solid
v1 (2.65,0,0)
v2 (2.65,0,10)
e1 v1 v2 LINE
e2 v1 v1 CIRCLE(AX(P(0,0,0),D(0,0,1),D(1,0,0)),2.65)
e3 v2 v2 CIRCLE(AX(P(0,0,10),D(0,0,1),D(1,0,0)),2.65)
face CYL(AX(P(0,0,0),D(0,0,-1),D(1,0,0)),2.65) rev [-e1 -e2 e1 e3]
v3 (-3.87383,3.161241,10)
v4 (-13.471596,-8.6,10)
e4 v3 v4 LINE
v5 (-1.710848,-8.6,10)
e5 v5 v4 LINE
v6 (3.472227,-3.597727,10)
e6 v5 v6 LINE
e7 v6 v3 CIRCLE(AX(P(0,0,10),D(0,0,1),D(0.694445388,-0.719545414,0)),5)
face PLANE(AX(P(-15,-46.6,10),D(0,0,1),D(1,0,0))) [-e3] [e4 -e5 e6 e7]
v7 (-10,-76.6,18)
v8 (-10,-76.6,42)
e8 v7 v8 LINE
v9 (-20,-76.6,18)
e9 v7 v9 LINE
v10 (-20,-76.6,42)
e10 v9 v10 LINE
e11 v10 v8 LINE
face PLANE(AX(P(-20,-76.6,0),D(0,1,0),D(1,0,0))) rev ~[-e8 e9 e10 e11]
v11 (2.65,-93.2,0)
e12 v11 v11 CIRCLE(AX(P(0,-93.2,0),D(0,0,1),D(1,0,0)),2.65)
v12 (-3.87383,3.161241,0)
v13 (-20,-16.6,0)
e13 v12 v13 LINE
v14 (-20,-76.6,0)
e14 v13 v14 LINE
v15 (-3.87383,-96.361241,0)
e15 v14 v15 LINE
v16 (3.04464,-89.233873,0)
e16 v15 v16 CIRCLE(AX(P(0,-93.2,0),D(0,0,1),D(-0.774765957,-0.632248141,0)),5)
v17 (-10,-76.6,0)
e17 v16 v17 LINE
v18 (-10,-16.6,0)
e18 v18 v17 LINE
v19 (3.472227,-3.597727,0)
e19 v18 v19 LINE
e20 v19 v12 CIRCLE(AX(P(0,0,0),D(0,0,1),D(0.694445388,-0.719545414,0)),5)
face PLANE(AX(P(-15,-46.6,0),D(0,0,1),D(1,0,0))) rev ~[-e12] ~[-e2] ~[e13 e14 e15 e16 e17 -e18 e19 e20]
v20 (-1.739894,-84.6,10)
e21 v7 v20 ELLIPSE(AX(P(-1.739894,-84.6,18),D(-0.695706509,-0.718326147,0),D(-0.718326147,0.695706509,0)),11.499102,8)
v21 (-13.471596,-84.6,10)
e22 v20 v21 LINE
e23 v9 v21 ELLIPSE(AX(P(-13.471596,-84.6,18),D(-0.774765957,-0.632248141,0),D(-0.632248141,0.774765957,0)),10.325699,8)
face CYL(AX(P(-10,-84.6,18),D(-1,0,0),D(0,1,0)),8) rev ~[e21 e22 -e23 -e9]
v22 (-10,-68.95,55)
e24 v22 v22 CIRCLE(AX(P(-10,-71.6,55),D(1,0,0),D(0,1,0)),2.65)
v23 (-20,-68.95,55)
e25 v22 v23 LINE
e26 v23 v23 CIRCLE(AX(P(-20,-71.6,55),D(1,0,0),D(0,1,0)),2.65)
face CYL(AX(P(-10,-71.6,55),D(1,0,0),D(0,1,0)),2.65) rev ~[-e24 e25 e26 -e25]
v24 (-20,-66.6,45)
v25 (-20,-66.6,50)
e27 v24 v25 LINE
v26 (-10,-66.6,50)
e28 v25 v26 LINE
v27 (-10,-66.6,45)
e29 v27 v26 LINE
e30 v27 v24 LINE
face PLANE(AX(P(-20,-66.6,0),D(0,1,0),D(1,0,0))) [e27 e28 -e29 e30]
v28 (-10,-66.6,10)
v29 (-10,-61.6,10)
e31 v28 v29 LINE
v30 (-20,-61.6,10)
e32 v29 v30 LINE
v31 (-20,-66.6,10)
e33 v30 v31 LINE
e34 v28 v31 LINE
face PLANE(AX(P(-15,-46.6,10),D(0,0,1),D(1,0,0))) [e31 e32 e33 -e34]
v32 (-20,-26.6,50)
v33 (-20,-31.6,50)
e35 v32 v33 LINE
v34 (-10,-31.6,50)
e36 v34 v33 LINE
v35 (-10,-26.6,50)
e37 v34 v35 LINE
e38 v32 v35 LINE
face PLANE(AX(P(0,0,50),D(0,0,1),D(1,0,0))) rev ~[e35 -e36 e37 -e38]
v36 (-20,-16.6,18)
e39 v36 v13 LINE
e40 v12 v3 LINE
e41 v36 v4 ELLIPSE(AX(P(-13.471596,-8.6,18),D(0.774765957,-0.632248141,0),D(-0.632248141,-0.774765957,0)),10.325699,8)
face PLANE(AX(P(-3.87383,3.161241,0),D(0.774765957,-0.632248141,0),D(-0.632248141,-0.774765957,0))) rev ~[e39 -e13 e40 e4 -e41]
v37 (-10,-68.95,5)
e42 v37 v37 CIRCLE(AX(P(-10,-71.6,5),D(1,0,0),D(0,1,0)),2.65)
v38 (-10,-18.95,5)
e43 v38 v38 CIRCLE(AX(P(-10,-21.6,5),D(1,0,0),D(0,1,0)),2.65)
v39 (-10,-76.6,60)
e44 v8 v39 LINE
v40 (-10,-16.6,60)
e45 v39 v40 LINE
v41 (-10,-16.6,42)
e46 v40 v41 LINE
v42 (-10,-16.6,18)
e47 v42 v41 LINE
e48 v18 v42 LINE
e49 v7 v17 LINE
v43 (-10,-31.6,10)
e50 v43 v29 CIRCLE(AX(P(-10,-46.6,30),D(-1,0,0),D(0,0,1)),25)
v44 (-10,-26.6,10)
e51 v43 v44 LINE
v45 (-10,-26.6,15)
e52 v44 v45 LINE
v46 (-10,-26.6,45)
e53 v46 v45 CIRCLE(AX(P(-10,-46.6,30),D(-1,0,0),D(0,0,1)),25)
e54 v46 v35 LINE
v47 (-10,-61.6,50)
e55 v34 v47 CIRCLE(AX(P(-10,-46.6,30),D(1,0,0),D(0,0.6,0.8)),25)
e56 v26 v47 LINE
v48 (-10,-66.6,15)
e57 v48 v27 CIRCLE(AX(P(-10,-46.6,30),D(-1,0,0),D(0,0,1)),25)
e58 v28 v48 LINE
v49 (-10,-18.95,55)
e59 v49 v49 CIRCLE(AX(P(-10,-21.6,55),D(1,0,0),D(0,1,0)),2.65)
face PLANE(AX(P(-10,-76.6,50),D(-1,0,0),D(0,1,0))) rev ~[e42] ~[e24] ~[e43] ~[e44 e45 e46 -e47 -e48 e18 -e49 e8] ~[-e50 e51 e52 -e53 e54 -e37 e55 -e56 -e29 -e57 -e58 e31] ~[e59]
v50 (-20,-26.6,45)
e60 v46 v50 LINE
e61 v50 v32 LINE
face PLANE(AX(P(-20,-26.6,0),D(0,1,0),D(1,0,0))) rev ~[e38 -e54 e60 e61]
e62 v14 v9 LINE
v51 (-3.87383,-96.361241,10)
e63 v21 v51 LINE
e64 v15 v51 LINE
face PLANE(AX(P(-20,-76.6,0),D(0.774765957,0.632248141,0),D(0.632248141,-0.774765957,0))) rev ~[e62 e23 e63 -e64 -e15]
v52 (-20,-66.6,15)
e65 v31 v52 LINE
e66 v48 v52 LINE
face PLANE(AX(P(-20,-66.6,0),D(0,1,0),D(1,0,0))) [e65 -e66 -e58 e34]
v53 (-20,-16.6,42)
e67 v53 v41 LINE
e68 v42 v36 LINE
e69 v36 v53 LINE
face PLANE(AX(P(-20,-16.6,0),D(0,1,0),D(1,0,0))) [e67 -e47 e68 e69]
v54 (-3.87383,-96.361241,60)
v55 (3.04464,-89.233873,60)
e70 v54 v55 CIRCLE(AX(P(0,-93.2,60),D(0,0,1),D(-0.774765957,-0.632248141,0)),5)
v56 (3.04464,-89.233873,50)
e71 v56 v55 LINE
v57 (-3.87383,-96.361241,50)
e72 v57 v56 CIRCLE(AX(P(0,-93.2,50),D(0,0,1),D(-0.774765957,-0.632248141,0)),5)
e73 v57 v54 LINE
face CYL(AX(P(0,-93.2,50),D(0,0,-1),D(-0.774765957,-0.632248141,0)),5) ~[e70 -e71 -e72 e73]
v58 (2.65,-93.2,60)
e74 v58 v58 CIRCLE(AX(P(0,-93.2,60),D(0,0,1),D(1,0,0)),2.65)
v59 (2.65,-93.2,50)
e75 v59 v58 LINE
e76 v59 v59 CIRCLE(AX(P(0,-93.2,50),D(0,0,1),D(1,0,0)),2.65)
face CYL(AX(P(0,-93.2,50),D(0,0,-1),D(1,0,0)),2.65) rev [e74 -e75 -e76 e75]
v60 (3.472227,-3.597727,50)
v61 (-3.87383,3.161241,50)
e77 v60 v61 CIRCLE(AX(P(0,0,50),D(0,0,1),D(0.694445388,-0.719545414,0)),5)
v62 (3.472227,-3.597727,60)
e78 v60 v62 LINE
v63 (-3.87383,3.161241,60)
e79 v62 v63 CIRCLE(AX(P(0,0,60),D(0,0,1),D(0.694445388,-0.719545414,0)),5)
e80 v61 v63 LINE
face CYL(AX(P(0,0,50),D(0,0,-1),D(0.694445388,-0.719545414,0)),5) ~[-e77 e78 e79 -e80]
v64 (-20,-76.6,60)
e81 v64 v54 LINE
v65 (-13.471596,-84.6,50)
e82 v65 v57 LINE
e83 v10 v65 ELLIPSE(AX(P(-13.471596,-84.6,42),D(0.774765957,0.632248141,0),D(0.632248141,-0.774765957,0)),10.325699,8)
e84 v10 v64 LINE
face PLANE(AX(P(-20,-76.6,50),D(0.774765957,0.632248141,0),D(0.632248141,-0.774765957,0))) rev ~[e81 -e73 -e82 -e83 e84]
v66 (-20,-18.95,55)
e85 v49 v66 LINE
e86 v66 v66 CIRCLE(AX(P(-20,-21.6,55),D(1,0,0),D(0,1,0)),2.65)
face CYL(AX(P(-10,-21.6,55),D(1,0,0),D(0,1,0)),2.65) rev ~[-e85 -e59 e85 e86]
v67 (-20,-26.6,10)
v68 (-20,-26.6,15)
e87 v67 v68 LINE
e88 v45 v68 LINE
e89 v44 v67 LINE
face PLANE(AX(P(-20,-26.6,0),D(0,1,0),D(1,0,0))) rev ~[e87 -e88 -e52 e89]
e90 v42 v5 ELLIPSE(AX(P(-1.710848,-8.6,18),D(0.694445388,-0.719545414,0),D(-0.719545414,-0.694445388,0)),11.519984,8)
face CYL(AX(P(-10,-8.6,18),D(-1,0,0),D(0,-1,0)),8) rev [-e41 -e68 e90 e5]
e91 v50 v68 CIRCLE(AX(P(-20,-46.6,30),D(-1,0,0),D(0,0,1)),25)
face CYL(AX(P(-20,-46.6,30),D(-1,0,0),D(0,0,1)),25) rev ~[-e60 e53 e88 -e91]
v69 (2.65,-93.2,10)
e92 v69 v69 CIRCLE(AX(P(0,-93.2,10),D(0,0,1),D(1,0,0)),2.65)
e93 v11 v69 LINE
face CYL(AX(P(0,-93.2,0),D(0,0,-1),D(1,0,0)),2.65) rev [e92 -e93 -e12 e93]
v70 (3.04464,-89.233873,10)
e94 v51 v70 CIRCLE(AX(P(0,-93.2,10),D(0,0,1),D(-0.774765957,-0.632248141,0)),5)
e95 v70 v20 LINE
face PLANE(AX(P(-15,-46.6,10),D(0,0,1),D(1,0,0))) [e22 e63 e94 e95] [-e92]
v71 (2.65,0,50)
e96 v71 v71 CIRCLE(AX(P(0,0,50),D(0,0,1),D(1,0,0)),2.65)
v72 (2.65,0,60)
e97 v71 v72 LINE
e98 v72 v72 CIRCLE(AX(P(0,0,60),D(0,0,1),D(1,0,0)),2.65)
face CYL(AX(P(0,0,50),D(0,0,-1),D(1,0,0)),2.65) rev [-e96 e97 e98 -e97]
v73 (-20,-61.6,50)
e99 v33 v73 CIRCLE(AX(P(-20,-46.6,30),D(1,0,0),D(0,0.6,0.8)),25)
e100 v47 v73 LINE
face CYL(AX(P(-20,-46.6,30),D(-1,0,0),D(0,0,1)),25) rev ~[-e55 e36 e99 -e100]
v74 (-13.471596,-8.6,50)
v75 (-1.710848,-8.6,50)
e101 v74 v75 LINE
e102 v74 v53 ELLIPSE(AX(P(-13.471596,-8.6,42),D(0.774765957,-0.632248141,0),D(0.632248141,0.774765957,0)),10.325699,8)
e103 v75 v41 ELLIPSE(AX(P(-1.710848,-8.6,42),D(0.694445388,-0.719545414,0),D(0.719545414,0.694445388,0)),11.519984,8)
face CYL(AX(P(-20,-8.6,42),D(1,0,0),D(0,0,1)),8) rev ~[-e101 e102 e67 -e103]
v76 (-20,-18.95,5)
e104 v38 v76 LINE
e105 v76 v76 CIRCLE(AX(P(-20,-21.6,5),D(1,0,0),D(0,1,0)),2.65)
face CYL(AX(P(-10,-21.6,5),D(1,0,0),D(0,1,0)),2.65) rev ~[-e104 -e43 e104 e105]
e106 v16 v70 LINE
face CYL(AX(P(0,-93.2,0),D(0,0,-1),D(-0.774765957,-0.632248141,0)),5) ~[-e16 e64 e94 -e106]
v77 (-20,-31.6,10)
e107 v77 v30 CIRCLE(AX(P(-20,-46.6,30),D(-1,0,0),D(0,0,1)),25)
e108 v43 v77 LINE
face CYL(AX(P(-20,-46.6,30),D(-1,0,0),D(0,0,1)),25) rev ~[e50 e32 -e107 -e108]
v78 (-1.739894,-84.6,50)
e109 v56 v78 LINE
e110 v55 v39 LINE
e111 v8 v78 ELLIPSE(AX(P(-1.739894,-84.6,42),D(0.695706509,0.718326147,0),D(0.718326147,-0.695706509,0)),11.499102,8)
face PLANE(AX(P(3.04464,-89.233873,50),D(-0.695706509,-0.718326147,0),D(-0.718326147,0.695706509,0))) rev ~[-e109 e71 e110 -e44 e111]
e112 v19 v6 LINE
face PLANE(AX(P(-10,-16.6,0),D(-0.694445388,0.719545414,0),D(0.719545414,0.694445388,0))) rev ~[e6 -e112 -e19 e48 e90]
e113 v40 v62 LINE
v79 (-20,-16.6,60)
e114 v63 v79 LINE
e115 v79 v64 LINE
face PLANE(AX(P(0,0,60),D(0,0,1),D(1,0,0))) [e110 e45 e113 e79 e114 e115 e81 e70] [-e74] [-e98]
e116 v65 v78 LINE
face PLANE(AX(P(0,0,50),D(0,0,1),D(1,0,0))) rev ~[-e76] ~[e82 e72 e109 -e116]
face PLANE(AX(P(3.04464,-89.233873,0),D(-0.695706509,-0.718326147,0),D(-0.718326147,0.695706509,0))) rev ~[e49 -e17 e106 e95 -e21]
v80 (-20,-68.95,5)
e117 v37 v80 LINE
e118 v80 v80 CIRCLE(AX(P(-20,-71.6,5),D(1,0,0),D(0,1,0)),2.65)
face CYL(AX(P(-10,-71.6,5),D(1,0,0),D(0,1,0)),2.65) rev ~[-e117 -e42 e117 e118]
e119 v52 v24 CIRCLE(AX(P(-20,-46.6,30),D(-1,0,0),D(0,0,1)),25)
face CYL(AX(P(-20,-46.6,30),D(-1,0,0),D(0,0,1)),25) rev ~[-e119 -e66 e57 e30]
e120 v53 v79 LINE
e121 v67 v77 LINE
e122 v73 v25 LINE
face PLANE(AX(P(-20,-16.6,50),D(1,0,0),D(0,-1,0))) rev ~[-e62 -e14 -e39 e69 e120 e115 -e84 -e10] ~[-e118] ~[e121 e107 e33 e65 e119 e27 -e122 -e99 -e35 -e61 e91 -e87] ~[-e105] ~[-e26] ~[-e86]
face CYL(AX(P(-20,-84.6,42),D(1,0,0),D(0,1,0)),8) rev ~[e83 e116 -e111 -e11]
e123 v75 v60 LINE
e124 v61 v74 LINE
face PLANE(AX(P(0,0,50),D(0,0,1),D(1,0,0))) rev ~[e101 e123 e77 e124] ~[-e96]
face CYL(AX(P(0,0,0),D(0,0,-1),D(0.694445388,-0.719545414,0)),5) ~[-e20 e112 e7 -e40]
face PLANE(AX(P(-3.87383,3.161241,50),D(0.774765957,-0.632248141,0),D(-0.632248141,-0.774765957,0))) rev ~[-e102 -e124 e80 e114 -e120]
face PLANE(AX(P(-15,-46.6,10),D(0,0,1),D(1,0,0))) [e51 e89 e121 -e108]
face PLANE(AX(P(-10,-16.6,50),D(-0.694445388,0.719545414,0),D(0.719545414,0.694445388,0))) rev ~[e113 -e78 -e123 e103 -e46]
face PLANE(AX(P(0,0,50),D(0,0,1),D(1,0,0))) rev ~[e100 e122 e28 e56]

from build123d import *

# Parameters (mm, degrees)
SKETCH_1_W          = 10
SKETCH_1_H          = 40
SKETCH_1_H_2        = 10
SKETCH_1_R          = 5
SKETCH_1_R_2        = 2.65
EXTRUDE_1_DEPTH     = 10
SKETCH_1_5_W        = 10
SKETCH_1_5_H        = 10
EXTRUDE_2_DEPTH     = 50
EXTRUDE_START       = 50
SKETCH_1_6_R        = 5
SKETCH_1_6_R_2      = 2.65
SKETCH_1_6_W        = 10
SKETCH_1_6_H        = 10
SKETCH_1_6_H_2      = 40
EXTRUDE_3_DEPTH     = 10
SKETCH_2_R          = 25
CUT_EXTRUDE_1_DEPTH = 118.763491796
SKETCH_3_R          = 2.65
CUT_EXTRUDE_2_DEPTH = 117.052746628
FILLET_1_R          = 8


with BuildPart() as part:
    # 草图1 → 凸台-拉伸1 (new body)
    with BuildSketch(Plane.XY):
        with Locations((-15, -46.6)):
            Rectangle(SKETCH_1_W, SKETCH_1_H)
        with Locations((-15, -21.6)):
            Rectangle(SKETCH_1_W, SKETCH_1_H_2)
        with BuildLine():
            Line((-3.873829785, 3.161240705), (-20, -16.6))
            Line((-20, -16.6), (-10, -16.6))
            Line((-10, -16.6), (3.472226939, -3.597727072))
            ThreePointArc((3.472226939, -3.597727072), (-3.38544422, -3.679506412), (-3.873829785, 3.161240705))
        make_face()
        Circle(SKETCH_1_R)
        Circle(SKETCH_1_R_2, mode=Mode.SUBTRACT)
        with Locations((-15, -71.6)):
            Rectangle(SKETCH_1_W, SKETCH_1_H_2)
        with BuildLine():
            Line((-10, -76.6), (-20, -76.6))
            Line((-20, -76.6), (-3.873829785, -96.361240705))
            ThreePointArc((-3.873829785, -96.361240705), (-3.587719738, -89.717433837), (3.044640112, -89.233872595))
            Line((3.044640112, -89.233872595), (-10, -76.6))
        make_face()
        with Locations((0, -93.2)):
            Circle(SKETCH_1_R)
        with Locations((0, -93.2)):
            Circle(SKETCH_1_R_2, mode=Mode.SUBTRACT)
    extrude(amount=EXTRUDE_1_DEPTH)

    # 草图1<5> → 凸台-拉伸2 (add)
    with BuildSketch(Plane.XY):
        with Locations((-15, -21.6)):
            Rectangle(SKETCH_1_5_W, SKETCH_1_5_H)
        with Locations((-15, -71.6)):
            Rectangle(SKETCH_1_5_W, SKETCH_1_5_H)
    extrude(amount=EXTRUDE_2_DEPTH)

    # 草图1<6> → 凸台-拉伸3 (add)
    with BuildSketch(Plane.XY.offset(EXTRUDE_START)):
        Circle(SKETCH_1_6_R)
        Circle(SKETCH_1_6_R_2, mode=Mode.SUBTRACT)
        with BuildLine():
            Line((-3.873829785, 3.161240705), (-20, -16.6))
            Line((-20, -16.6), (-10, -16.6))
            Line((-10, -16.6), (3.472226939, -3.597727072))
            ThreePointArc((3.472226939, -3.597727072), (-3.38544422, -3.679506412), (-3.873829785, 3.161240705))
        make_face()
        with Locations((-15, -21.6)):
            Rectangle(SKETCH_1_6_W, SKETCH_1_6_H)
        with Locations((-15, -46.6)):
            Rectangle(SKETCH_1_6_W, SKETCH_1_6_H_2)
        with Locations((-15, -71.6)):
            Rectangle(SKETCH_1_6_W, SKETCH_1_6_H)
        with Locations((0, -93.2)):
            Circle(SKETCH_1_6_R)
        with Locations((0, -93.2)):
            Circle(SKETCH_1_6_R_2, mode=Mode.SUBTRACT)
        with BuildLine():
            Line((-10, -76.6), (-20, -76.6))
            Line((-20, -76.6), (-3.873829785, -96.361240705))
            ThreePointArc((-3.873829785, -96.361240705), (-3.587719738, -89.717433837), (3.044640112, -89.233872595))
            Line((3.044640112, -89.233872595), (-10, -76.6))
        make_face()
    extrude(amount=EXTRUDE_3_DEPTH)

    # 草图2 → 切除-拉伸1 (cut, through all)
    with BuildSketch(Plane.ZY.offset(20)):
        with Locations((30, -46.6)):
            Circle(SKETCH_2_R)
    extrude(amount=-CUT_EXTRUDE_1_DEPTH, mode=Mode.SUBTRACT)

    # 草图3 → 切除-拉伸2 (cut, through all)
    with BuildSketch(Plane(origin=(-10, 0, 0), x_dir=(0, 0, -1), z_dir=(1, 0, 0))):
        with Locations(Location((-55, -21.6, 0), (0, 0, 90))):
            Circle(SKETCH_3_R)
        with Locations(Location((-5, -21.6, 0), (0, 0, 90))):
            Circle(SKETCH_3_R)
        with Locations(Location((-55, -71.6, 0), (0, 0, 90))):
            Circle(SKETCH_3_R)
        with Locations(Location((-5, -71.6, 0), (0, 0, 90))):
            Circle(SKETCH_3_R)
    extrude(amount=-CUT_EXTRUDE_2_DEPTH, mode=Mode.SUBTRACT)

    # 圆角1
    fillet_1_edges = [part.edges().sort_by_distance(p)[0] for p in [
        (-15, -16.6, 10),
        (-15, -16.6, 50),
        (-15, -76.6, 10),
        (-15, -76.6, 50),
    ]]
    fillet(fillet_1_edges, radius=FILLET_1_R)


solid = part.part
